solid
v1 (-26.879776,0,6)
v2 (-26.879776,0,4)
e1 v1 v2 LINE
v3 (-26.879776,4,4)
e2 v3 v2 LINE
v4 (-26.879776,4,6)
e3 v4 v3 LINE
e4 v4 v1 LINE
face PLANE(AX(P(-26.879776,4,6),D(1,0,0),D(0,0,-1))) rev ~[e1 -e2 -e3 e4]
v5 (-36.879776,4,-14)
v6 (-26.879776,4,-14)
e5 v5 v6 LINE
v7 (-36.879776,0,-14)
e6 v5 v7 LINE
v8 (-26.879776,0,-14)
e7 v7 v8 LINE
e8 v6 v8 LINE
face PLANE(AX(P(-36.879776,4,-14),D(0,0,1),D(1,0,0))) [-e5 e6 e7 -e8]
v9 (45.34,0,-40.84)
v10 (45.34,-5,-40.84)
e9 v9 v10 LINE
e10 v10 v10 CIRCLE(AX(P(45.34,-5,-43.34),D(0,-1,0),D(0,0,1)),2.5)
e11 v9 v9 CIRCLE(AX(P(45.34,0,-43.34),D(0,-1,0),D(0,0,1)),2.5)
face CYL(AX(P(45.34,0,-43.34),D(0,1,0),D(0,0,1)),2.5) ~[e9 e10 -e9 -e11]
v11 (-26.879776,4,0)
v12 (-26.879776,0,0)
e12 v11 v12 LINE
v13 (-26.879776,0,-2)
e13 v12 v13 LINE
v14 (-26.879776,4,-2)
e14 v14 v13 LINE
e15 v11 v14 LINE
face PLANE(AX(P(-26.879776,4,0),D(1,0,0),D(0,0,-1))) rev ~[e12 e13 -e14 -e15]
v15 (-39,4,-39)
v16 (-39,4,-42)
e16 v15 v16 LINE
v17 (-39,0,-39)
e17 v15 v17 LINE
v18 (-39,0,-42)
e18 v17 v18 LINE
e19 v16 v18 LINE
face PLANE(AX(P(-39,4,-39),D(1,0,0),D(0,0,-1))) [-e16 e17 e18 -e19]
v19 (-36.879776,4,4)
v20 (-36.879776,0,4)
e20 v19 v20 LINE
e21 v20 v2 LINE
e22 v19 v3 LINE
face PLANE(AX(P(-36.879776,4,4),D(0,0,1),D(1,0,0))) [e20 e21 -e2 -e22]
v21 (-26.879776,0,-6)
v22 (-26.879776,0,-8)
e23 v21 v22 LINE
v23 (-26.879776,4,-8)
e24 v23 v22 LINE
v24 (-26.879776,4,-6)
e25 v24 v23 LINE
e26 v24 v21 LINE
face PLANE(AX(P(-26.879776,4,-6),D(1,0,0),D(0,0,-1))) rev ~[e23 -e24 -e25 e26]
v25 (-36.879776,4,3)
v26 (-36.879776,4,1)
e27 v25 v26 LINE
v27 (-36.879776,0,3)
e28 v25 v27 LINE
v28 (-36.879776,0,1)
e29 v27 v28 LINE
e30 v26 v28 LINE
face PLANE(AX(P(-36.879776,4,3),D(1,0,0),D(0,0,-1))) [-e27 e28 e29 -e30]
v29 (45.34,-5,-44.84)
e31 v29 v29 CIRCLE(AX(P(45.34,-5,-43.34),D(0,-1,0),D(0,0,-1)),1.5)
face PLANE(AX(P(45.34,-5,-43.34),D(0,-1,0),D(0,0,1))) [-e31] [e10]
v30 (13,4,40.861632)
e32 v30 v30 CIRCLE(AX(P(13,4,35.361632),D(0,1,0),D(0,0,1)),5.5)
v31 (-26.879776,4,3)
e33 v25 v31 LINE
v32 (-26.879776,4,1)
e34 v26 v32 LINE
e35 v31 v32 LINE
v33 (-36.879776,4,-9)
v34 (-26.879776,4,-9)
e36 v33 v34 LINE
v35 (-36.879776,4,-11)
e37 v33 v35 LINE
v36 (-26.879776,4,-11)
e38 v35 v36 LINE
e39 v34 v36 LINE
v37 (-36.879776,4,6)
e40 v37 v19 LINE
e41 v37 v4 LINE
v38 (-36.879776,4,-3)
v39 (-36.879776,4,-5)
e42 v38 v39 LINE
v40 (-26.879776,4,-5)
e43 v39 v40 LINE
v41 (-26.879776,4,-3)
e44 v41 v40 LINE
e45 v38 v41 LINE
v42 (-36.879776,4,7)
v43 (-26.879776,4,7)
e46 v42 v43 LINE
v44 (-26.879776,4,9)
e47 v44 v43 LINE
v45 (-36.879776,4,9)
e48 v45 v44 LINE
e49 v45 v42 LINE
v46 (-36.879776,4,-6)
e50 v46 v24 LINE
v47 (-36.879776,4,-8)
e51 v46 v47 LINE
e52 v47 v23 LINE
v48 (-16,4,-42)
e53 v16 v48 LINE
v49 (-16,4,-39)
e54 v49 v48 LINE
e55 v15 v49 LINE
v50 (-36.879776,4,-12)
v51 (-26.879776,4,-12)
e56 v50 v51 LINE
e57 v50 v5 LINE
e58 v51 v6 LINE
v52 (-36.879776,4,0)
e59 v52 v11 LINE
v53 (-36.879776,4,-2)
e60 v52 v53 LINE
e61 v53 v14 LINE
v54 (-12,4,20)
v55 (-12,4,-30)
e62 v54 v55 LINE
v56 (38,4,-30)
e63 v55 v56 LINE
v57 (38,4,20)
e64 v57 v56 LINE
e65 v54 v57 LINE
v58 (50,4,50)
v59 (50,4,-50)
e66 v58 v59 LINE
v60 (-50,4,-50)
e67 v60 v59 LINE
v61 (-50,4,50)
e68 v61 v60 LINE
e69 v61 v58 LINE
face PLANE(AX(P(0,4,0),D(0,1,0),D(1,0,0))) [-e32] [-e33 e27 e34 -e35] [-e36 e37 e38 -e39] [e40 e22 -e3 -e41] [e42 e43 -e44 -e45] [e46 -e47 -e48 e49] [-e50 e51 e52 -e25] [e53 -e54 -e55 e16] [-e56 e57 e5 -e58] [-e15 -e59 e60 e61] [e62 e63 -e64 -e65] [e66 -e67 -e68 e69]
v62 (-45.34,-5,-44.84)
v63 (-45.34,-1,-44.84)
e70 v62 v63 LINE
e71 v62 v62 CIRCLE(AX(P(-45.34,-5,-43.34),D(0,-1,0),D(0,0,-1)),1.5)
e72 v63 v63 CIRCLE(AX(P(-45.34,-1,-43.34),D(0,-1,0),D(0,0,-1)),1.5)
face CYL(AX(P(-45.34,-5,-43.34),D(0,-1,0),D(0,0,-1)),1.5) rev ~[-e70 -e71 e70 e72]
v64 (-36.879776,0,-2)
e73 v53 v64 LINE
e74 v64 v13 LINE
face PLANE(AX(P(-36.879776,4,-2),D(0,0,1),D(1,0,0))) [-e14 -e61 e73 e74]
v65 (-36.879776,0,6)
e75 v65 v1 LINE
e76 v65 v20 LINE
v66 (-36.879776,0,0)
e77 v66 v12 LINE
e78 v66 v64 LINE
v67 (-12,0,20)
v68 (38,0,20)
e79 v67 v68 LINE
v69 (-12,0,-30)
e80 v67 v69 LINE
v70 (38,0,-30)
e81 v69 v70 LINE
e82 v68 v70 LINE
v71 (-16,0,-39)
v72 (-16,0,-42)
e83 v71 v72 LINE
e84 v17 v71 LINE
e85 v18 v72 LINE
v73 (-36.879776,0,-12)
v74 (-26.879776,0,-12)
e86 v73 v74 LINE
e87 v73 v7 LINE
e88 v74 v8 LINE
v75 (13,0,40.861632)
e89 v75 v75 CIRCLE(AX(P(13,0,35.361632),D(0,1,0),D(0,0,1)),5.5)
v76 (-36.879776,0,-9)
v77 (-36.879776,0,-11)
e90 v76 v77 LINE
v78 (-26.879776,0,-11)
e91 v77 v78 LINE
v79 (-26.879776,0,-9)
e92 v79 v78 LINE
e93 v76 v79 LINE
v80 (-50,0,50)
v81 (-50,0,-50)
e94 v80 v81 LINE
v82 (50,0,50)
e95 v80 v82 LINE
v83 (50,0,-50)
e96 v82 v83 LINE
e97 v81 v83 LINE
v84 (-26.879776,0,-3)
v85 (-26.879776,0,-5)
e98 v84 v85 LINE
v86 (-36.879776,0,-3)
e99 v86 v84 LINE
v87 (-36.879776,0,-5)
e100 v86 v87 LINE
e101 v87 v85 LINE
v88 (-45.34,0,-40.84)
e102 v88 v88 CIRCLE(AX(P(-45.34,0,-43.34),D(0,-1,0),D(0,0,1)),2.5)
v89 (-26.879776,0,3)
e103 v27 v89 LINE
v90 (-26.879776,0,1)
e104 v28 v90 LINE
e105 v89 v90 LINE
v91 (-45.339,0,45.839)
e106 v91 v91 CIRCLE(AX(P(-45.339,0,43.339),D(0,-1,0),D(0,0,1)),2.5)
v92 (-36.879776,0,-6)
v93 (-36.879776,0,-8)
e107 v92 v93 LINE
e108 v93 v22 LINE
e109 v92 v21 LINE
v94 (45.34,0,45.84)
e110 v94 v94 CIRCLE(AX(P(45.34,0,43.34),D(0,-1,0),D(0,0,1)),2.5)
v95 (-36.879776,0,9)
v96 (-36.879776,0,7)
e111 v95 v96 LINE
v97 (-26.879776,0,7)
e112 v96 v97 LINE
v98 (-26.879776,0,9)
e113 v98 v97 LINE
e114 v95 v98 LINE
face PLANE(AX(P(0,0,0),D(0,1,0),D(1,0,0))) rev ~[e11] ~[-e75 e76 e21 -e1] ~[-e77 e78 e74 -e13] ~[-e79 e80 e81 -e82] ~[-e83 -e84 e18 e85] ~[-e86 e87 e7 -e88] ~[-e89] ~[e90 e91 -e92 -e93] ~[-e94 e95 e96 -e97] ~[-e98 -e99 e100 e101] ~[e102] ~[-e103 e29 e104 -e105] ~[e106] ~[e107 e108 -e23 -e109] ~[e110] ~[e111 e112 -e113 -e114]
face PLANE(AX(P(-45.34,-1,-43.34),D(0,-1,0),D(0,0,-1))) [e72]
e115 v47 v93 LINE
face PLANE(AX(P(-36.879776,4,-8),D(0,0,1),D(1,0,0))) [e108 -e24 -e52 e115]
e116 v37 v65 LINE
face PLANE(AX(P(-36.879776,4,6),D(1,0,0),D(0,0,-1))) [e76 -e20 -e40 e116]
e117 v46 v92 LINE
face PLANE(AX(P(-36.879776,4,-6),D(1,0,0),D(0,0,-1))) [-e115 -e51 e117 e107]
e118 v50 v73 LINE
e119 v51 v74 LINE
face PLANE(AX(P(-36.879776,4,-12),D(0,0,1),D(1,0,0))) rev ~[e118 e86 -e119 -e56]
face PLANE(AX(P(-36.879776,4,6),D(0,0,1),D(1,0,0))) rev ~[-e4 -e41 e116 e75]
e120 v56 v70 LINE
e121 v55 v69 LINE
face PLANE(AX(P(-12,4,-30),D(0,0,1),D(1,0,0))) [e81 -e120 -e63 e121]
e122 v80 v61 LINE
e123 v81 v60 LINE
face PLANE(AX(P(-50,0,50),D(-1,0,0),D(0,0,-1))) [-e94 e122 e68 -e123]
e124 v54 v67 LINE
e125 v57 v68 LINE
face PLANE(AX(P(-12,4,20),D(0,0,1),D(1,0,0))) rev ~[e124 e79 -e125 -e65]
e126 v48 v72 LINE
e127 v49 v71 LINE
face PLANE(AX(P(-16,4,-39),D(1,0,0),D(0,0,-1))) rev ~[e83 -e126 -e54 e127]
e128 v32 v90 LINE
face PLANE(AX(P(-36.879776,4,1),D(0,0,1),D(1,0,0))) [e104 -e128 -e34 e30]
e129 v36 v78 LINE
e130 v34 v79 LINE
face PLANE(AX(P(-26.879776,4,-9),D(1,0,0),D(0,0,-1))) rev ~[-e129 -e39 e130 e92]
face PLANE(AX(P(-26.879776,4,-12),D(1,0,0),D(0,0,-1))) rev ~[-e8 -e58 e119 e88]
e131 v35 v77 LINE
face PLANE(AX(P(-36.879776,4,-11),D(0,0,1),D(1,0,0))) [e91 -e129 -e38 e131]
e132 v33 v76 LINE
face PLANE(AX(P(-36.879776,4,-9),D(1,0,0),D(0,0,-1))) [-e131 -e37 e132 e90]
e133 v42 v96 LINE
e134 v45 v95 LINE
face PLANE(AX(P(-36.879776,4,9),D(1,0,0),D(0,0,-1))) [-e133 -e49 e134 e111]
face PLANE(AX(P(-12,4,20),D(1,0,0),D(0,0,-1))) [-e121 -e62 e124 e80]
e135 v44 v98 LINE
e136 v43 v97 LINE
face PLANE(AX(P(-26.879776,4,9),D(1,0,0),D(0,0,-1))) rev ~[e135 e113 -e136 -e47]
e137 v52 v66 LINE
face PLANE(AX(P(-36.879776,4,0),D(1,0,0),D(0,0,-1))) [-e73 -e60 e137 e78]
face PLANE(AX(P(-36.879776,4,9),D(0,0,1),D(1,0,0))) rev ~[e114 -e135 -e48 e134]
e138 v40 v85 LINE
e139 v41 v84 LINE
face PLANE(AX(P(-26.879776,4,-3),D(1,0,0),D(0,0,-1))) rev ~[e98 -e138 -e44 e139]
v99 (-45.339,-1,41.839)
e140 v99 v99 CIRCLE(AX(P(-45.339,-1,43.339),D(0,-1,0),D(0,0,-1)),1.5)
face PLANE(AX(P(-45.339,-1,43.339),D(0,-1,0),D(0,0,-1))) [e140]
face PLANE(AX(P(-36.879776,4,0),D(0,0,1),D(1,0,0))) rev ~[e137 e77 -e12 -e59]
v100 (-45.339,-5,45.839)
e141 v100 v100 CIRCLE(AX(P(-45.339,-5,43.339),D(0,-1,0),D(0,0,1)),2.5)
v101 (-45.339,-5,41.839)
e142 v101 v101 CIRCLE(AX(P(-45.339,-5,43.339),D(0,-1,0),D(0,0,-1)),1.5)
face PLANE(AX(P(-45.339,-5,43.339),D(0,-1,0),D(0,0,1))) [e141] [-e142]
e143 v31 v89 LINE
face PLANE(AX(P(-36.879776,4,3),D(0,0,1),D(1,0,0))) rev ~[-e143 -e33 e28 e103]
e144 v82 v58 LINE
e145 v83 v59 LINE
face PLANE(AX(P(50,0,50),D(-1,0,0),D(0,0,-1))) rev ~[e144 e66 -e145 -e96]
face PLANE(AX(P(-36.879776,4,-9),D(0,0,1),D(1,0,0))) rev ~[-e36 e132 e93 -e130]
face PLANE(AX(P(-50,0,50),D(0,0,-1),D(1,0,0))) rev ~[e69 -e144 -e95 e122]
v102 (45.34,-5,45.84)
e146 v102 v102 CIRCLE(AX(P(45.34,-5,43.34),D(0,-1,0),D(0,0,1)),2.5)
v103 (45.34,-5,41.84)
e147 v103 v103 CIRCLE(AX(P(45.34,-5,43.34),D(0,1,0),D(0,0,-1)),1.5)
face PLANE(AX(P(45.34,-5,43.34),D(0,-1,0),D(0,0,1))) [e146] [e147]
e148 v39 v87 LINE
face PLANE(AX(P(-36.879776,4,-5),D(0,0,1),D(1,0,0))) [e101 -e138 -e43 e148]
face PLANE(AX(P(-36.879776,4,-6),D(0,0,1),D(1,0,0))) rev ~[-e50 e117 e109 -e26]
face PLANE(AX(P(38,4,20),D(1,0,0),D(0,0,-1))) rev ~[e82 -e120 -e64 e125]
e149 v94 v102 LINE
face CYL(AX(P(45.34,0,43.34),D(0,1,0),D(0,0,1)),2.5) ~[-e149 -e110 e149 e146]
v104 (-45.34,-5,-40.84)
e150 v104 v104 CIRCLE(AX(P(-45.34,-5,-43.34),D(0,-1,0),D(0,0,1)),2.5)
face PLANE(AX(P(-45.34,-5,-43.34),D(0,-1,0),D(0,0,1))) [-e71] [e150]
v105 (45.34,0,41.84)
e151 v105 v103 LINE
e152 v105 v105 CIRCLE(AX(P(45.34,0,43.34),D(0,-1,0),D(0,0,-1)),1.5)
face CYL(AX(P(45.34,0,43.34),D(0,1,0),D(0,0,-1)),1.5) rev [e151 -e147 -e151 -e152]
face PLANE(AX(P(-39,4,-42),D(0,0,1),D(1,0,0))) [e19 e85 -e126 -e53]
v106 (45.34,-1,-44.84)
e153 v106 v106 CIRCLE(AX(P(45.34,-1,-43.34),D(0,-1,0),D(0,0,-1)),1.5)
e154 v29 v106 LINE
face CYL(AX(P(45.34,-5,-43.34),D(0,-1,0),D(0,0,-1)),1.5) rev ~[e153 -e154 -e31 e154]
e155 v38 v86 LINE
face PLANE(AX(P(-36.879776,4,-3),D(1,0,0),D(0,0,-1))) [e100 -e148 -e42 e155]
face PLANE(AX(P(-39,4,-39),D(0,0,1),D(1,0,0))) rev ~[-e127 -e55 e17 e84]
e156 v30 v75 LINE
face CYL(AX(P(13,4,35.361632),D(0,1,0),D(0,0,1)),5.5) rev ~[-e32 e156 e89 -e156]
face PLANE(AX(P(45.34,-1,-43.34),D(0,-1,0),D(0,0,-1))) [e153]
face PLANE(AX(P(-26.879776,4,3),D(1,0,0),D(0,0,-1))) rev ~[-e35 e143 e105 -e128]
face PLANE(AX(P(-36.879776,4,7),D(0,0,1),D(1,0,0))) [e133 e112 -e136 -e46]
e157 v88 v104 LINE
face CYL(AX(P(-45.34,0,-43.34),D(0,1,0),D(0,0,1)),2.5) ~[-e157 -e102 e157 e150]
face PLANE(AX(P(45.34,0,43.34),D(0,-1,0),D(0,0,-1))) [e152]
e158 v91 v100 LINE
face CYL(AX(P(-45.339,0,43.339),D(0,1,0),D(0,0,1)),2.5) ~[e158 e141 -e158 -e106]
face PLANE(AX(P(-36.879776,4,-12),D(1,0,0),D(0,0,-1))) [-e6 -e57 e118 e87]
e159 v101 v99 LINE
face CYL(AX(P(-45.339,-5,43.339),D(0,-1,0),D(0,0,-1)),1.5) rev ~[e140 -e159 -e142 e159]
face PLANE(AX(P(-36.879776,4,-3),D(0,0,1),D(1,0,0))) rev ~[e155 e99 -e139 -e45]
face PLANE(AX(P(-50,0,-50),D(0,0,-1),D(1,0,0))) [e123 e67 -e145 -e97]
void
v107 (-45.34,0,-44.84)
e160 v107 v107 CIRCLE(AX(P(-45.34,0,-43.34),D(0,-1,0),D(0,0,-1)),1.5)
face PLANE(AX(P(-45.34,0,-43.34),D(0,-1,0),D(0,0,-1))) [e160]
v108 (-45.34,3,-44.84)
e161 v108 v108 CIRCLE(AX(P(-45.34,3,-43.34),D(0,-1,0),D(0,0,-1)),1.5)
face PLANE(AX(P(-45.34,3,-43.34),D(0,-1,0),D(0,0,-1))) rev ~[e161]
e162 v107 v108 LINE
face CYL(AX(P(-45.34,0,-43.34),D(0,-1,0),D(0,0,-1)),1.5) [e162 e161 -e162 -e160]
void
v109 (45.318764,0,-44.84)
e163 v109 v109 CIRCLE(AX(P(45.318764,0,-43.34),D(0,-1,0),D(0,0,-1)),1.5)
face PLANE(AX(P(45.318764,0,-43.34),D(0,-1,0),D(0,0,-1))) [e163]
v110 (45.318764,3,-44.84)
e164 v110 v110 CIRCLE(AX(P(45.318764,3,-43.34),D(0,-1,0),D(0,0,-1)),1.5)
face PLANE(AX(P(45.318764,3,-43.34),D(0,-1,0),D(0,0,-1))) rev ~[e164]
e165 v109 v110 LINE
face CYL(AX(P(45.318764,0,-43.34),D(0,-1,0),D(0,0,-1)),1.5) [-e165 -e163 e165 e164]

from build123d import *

# Parameters (mm, degrees)
SKETCH2_W           = 100
SKETCH2_H           = 100
BOSS_EXTRUDE1_DEPTH = 4
SKETCH3_W           = 50
SKETCH3_H           = 50
CUT_EXTRUDE1_DEPTH  = 4
SKETCH4_W           = 23
SKETCH4_H           = 3
CUT_EXTRUDE2_DEPTH  = 4
SKETCH5_W           = 10
SKETCH5_H           = 2
CUT_EXTRUDE3_DEPTH  = 4
LPATTERN1_COUNT     = 8
LPATTERN1_PITCH     = 3
SKETCH6_R           = 5.5
CUT_EXTRUDE4_DEPTH  = 4
SKETCH8_R           = 2.5
BOSS_EXTRUDE3_DEPTH = 5
SKETCH10_R          = 1.5
CUT_EXTRUDE5_DEPTH  = 3
SKETCH11_R          = 1.5
CUT_EXTRUDE7_DEPTH  = 7
SKETCH12_R          = 1.5
CUT_EXTRUDE8_DEPTH  = 4
SKETCH13_R          = 1.5
CUT_EXTRUDE9_DEPTH  = 4
SKETCH14_R          = 1.5
CUT_EXTRUDE10_DEPTH = 4


with BuildPart() as part:
    # Sketch2 → Boss-Extrude1 (new body)
    with BuildSketch(Plane(origin=(0, 0, 0), x_dir=(1, 0, 0), z_dir=(0, 1, 0))):
        Rectangle(SKETCH2_W, SKETCH2_H)
    extrude(amount=BOSS_EXTRUDE1_DEPTH)

    # Sketch3 → Cut-Extrude1 (cut)
    with BuildSketch(Plane(origin=(0, 4, 0), x_dir=(1, 0, 0), z_dir=(0, 1, 0))):
        with Locations((13, 5)):
            Rectangle(SKETCH3_W, SKETCH3_H)
    extrude(amount=-CUT_EXTRUDE1_DEPTH, mode=Mode.SUBTRACT)

    # Sketch4 → Cut-Extrude2 (cut)
    with BuildSketch(Plane(origin=(0, 4, 0), x_dir=(1, 0, 0), z_dir=(0, 1, 0))):
        with Locations((-27.5, 40.5)):
            Rectangle(SKETCH4_W, SKETCH4_H)
    extrude(amount=-CUT_EXTRUDE2_DEPTH, mode=Mode.SUBTRACT)

    # Sketch5 → Cut-Extrude3 (cut)
    with BuildSketch(Plane(origin=(0, 4, 0), x_dir=(1, 0, 0), z_dir=(0, 1, 0))):
        with Locations((-31.87977559, 13)):
            Rectangle(SKETCH5_W, SKETCH5_H)
    cut_extrude3 = extrude(amount=-CUT_EXTRUDE3_DEPTH, mode=Mode.SUBTRACT)

    # LPattern1: Cut-Extrude3 ×8
    with Locations(*[(0, 0, i * LPATTERN1_PITCH) for i in range(1, LPATTERN1_COUNT)]):
        add(cut_extrude3, mode=Mode.SUBTRACT)

    # Sketch6 → Cut-Extrude4 (cut)
    with BuildSketch(Plane(origin=(0, 4, 0), x_dir=(1, 0, 0), z_dir=(0, 1, 0))):
        with Locations(Location((13, -35.361632217, 0), (0, 0, 270))):
            Circle(SKETCH6_R)
    extrude(amount=-CUT_EXTRUDE4_DEPTH, mode=Mode.SUBTRACT)

    # Sketch8 → Boss-Extrude3 (add)
    with BuildSketch(Plane(origin=(0, 0, 0), x_dir=(-1, 0, 0), z_dir=(0, -1, 0))):
        with Locations(Location((45.34, 43.34, 0), (0, 0, 270))):
            Circle(SKETCH8_R)
        with Locations(Location((-45.34, 43.34, 0), (0, 0, 270))):
            Circle(SKETCH8_R)
        with Locations(Location((-45.34, -43.34, 0), (0, 0, 270))):
            Circle(SKETCH8_R)
        with Locations(Location((45.339, -43.339, 0), (0, 0, 270))):
            Circle(SKETCH8_R)
    extrude(amount=BOSS_EXTRUDE3_DEPTH)

    # Sketch10 → Cut-Extrude5 (cut)
    with BuildSketch(Plane.XZ):
        with Locations(Location((-45.34, -43.34, 0), (0, 0, 270))):
            Circle(SKETCH10_R)
        with Locations(Location((45.318764469, -43.34, 0), (0, 0, 270))):
            Circle(SKETCH10_R)
    extrude(amount=-CUT_EXTRUDE5_DEPTH, mode=Mode.SUBTRACT)

    # Sketch11 → Cut-Extrude7 (cut)
    with BuildSketch(Plane.XZ):
        with Locations(Location((45.34, 43.34, 0), (0, 0, 270))):
            Circle(SKETCH11_R)
    extrude(amount=CUT_EXTRUDE7_DEPTH, mode=Mode.SUBTRACT)

    # Sketch12 → Cut-Extrude8 (cut)
    with BuildSketch(Plane.XZ.offset(5)):
        with Locations(Location((45.34, -43.34, 0), (0, 0, 270))):
            Circle(SKETCH12_R)
    extrude(amount=-CUT_EXTRUDE8_DEPTH, mode=Mode.SUBTRACT)

    # Sketch13 → Cut-Extrude9 (cut)
    with BuildSketch(Plane.XZ.offset(5)):
        with Locations(Location((-45.34, -43.34, 0), (0, 0, 270))):
            Circle(SKETCH13_R)
    extrude(amount=-CUT_EXTRUDE9_DEPTH, mode=Mode.SUBTRACT)

    # Sketch14 → Cut-Extrude10 (cut)
    with BuildSketch(Plane.XZ.offset(5)):
        with Locations(Location((-45.339, 43.339, 0), (0, 0, 270))):
            Circle(SKETCH14_R)
    extrude(amount=-CUT_EXTRUDE10_DEPTH, mode=Mode.SUBTRACT)


solid = part.part
